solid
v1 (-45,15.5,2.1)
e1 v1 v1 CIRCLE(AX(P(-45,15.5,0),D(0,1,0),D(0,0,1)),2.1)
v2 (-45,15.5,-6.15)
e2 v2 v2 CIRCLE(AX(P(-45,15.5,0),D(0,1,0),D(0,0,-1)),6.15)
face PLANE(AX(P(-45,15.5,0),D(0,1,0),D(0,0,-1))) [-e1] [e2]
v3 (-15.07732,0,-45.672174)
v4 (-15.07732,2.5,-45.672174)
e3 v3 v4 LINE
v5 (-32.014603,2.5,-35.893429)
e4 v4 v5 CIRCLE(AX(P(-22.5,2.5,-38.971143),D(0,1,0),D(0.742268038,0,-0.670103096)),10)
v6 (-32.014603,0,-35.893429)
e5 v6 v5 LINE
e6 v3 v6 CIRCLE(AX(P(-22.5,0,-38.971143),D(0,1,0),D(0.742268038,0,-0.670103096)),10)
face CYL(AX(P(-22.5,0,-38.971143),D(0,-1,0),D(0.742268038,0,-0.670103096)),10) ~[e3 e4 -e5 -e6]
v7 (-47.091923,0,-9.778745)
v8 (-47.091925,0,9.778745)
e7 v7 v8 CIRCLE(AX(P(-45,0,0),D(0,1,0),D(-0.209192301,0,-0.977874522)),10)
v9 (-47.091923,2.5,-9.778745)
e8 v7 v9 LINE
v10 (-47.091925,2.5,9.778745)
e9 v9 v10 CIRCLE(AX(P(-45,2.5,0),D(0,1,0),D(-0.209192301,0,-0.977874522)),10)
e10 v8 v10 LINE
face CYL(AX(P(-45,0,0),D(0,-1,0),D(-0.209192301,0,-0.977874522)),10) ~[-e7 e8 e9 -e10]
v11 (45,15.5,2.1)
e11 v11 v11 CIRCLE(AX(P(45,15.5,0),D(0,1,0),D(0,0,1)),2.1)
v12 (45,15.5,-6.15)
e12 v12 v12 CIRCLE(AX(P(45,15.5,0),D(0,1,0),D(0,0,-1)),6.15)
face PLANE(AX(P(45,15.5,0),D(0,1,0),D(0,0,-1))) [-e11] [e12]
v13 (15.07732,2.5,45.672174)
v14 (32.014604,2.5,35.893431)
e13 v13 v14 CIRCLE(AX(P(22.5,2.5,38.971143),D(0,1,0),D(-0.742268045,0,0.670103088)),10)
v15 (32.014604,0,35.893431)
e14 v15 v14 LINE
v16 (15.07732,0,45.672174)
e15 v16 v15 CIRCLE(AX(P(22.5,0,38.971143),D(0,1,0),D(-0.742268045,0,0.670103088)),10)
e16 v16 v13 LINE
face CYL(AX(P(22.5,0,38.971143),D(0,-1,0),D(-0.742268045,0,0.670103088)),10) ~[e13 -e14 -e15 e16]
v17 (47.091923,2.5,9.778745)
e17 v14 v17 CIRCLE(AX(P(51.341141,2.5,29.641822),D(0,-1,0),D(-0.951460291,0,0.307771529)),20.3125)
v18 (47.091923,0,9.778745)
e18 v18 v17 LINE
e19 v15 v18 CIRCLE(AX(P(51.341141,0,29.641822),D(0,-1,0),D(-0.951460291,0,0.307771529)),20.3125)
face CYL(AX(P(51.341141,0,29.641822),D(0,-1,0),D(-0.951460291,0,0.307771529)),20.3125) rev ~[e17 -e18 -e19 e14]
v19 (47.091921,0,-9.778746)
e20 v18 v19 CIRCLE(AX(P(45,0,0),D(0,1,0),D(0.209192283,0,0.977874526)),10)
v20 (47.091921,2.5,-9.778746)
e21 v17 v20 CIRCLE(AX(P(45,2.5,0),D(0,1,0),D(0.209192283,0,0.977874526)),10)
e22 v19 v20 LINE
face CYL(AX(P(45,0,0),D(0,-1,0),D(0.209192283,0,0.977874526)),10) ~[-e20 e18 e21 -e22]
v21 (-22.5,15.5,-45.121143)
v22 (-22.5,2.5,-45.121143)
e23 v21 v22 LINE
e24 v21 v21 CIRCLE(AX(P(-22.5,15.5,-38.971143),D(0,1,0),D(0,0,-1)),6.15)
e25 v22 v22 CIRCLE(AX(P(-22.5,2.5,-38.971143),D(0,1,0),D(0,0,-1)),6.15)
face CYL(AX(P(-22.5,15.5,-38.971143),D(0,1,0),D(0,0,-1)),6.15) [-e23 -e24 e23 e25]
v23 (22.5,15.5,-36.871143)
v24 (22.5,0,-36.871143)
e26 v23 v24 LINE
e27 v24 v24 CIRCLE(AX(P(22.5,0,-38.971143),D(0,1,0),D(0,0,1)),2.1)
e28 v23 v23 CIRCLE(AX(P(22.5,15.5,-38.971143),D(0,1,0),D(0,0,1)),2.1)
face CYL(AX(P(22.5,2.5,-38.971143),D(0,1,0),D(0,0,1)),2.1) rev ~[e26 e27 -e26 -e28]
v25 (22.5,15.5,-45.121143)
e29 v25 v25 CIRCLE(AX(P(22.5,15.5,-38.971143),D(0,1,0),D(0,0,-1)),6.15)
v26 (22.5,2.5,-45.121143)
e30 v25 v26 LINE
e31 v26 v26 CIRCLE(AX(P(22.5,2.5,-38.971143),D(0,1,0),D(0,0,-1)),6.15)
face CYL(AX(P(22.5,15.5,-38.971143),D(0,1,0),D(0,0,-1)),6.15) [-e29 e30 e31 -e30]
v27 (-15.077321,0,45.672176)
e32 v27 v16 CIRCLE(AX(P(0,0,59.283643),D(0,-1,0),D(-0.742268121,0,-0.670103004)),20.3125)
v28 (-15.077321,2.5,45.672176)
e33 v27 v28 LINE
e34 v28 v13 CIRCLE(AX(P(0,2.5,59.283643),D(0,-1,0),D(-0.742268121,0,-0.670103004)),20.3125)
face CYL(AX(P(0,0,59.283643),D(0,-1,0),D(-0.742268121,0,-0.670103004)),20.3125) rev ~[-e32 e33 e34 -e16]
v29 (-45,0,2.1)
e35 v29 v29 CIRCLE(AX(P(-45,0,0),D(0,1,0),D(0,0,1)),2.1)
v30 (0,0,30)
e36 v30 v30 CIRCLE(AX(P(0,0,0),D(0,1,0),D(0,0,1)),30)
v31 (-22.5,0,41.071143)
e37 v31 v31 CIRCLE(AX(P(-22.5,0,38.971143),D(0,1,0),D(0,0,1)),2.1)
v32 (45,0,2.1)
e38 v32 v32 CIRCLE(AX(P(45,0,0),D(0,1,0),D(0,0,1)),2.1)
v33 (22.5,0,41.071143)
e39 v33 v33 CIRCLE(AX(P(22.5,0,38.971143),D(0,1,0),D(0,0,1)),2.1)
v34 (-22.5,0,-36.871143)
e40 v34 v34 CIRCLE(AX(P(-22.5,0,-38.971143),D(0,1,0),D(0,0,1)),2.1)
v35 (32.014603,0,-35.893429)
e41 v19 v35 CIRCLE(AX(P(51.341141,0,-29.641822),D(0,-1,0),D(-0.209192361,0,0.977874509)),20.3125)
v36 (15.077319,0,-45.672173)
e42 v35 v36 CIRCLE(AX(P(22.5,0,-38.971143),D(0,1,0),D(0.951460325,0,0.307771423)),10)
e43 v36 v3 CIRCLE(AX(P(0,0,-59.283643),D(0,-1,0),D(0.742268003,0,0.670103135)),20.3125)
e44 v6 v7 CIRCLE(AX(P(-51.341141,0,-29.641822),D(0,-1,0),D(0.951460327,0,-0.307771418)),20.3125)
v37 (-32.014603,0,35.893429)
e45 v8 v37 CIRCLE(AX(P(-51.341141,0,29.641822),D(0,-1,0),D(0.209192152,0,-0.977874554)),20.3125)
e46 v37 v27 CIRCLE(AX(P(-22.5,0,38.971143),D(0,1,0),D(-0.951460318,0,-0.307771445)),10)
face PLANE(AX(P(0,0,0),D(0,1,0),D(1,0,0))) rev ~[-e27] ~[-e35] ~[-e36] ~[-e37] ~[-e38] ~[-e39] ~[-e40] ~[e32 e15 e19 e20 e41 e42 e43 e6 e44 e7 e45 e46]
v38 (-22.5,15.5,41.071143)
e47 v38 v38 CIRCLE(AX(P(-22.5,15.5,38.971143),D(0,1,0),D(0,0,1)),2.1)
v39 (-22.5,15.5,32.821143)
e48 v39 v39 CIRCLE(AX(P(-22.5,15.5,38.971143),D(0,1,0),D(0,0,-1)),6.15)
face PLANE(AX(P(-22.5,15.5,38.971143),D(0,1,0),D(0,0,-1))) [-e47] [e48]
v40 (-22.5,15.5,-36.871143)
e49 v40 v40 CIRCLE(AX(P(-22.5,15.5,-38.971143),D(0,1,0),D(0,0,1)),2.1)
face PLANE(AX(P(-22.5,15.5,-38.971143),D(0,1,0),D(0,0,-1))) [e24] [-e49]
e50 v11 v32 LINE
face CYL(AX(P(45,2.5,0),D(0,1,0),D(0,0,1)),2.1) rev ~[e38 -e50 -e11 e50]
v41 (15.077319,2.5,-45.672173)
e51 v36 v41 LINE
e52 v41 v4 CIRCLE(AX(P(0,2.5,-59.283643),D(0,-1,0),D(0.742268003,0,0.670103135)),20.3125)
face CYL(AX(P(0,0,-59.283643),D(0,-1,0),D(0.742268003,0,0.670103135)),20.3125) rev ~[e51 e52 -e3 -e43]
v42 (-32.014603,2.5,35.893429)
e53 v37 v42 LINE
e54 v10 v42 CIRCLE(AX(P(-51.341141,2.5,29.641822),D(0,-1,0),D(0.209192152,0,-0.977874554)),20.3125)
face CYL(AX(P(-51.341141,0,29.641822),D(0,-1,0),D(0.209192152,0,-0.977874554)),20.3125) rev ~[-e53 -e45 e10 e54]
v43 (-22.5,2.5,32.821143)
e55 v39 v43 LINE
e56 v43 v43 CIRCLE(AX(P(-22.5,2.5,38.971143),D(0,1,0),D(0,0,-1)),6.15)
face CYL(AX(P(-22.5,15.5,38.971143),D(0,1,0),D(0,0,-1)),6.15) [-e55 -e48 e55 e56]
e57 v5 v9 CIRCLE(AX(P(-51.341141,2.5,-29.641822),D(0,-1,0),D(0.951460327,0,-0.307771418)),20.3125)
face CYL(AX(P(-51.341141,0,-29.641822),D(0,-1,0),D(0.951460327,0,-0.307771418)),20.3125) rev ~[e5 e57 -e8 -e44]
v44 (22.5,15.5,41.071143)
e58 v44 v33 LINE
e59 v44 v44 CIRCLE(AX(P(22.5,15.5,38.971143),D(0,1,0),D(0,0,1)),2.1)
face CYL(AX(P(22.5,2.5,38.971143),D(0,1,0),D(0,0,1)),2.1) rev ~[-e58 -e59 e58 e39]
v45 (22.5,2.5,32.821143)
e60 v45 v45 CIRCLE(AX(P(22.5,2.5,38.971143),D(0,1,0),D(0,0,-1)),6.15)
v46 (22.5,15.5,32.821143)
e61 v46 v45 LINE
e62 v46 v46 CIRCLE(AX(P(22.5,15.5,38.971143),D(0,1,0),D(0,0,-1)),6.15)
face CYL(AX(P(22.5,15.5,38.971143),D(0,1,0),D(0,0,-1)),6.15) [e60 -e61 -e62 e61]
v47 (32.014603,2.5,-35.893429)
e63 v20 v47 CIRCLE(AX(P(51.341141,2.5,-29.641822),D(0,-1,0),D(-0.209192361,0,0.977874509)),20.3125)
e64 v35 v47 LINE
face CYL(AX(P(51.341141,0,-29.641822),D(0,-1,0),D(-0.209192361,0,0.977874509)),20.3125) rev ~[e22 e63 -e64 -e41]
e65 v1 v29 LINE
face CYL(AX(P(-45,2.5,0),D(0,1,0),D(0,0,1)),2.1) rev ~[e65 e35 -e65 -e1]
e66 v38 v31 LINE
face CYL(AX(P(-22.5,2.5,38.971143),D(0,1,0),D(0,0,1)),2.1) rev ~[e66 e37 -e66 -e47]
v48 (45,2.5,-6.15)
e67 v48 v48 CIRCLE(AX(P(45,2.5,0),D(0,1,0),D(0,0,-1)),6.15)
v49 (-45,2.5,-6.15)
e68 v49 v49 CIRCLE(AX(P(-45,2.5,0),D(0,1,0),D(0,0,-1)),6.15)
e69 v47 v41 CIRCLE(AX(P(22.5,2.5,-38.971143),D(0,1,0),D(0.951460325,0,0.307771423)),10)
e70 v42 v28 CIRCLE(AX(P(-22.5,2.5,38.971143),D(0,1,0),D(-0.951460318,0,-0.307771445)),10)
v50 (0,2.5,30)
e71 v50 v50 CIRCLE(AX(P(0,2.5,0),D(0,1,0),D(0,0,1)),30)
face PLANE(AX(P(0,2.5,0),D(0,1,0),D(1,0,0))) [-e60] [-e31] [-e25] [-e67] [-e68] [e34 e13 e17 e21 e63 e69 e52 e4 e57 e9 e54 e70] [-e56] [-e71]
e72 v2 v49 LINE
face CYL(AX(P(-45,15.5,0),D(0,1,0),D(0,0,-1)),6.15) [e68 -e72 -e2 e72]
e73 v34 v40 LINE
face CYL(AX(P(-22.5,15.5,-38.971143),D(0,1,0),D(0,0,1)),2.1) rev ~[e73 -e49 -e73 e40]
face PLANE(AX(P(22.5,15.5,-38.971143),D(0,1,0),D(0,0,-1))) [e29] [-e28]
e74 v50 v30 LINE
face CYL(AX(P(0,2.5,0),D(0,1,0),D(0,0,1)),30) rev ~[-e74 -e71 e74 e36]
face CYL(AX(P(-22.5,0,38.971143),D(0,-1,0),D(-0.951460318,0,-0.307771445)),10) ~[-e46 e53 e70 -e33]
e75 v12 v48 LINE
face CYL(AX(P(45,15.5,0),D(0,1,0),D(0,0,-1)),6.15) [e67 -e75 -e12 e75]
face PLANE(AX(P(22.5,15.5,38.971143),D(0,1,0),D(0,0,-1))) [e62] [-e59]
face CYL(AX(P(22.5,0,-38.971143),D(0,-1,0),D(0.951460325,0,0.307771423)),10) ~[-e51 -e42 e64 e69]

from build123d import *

# Parameters (mm, degrees)
EXTRUDE_1_DEPTH     = 2.5
SKETCH_3_R          = 2.1
SKETCH_3_R_2        = 30
CUT_EXTRUDE_1_DEPTH = 2.5
EXTRUDE_START       = 13
SKETCH_4_R          = 6.15
SKETCH_4_R_2        = 2.1
EXTRUDE_2_DEPTH     = 13


with BuildPart() as part:
    # 草图2 → 凸台-拉伸1 (new body)
    with BuildSketch(Plane(origin=(0, 0, 0), x_dir=(1, 0, 0), z_dir=(0, 1, 0))):
        with BuildLine():
            ThreePointArc((32.014603848, -35.893430769), (33.749999498, -19.485572455), (47.091922833, -9.77874526))
            ThreePointArc((47.091922833, -9.77874526), (55, 8.44e-07), (47.091921183, 9.778745613))
            ThreePointArc((47.091921183, 9.778745613), (33.749999557, 19.485572352), (32.014603255, 35.893428936))
            ThreePointArc((32.014603255, 35.893428936), (27.499999447, 47.631397528), (15.077318804, 45.67217323))
            ThreePointArc((15.077318804, 45.67217323), (-6.08e-07, 38.97114317), (-15.077319619, 45.672174133))
            ThreePointArc((-15.077319619, 45.672174133), (-27.500000167, 47.631397112), (-32.014603117, 35.893428511))
            ThreePointArc((-32.014603117, 35.893428511), (-33.750000135, 19.485571351), (-47.091923006, 9.778745223))
            ThreePointArc((-47.091923006, 9.778745223), (-55, 1.241e-06), (-47.091925432, -9.778744704))
            ThreePointArc((-47.091925432, -9.778744704), (-33.7500007, -19.485570372), (-32.014603185, -35.89342872))
            ThreePointArc((-32.014603185, -35.89342872), (-27.500001103, -47.631396571), (-15.077321215, -45.672175901))
            ThreePointArc((-15.077321215, -45.672175901), (-1.245e-06, -38.97114317), (15.077319547, -45.672174053))
            ThreePointArc((15.077319547, -45.672174053), (27.499999092, -47.631397732), (32.014603848, -35.893430769))
        make_face()
    extrude(amount=EXTRUDE_1_DEPTH)

    # 草图3 → 切除-拉伸1 (cut)
    with BuildSketch(Plane(origin=(0, 2.5, 0), x_dir=(1, 0, 0), z_dir=(0, 1, 0))):
        with Locations(Location((-22.5, 38.97114317, 0), (0, 0, 270))):
            Circle(SKETCH_3_R)
        with Locations(Location((22.5, 38.97114317, 0), (0, 0, 270))):
            Circle(SKETCH_3_R)
        with Locations(Location((45, 0, 0), (0, 0, 270))):
            Circle(SKETCH_3_R)
        with Locations(Location((22.5, -38.97114317, 0), (0, 0, 270))):
            Circle(SKETCH_3_R)
        with Locations(Location((-22.5, -38.97114317, 0), (0, 0, 270))):
            Circle(SKETCH_3_R)
        with Locations(Location((-45, 0, 0), (0, 0, 270))):
            Circle(SKETCH_3_R)
        with Locations(Location((0, 0, 0), (0, 0, 270))):
            Circle(SKETCH_3_R_2)
    extrude(amount=-CUT_EXTRUDE_1_DEPTH, mode=Mode.SUBTRACT)

    # 草图4 → 凸台-拉伸2 (add)
    # profile 1 of 6: a face of its own
    with BuildSketch(Plane(origin=(0, 2.5, 0), x_dir=(1, 0, 0), z_dir=(0, 1, 0)).offset(EXTRUDE_START)):
        with Locations(Location((-22.5, 38.97114317, 0), (0, 0, 90))):
            Circle(SKETCH_4_R)
        with Locations(Location((-22.5, 38.97114317, 0), (0, 0, 270))):
            Circle(SKETCH_4_R_2, mode=Mode.SUBTRACT)
    # profile 2 of 6: a face of its own
    with BuildSketch(Plane(origin=(0, 2.5, 0), x_dir=(1, 0, 0), z_dir=(0, 1, 0)).offset(EXTRUDE_START)):
        with Locations(Location((22.5, 38.97114317, 0), (0, 0, 90))):
            Circle(SKETCH_4_R)
        with Locations(Location((22.5, 38.97114317, 0), (0, 0, 270))):
            Circle(SKETCH_4_R_2, mode=Mode.SUBTRACT)
    # profile 3 of 6: a face of its own
    with BuildSketch(Plane(origin=(0, 2.5, 0), x_dir=(1, 0, 0), z_dir=(0, 1, 0)).offset(EXTRUDE_START)):
        with Locations(Location((45, 0, 0), (0, 0, 90))):
            Circle(SKETCH_4_R)
        with Locations(Location((45, 0, 0), (0, 0, 270))):
            Circle(SKETCH_4_R_2, mode=Mode.SUBTRACT)
    # profile 4 of 6: a face of its own
    with BuildSketch(Plane(origin=(0, 2.5, 0), x_dir=(1, 0, 0), z_dir=(0, 1, 0)).offset(EXTRUDE_START)):
        with Locations(Location((22.5, -38.97114317, 0), (0, 0, 90))):
            Circle(SKETCH_4_R)
        with Locations(Location((22.5, -38.97114317, 0), (0, 0, 270))):
            Circle(SKETCH_4_R_2, mode=Mode.SUBTRACT)
    # profile 5 of 6: a face of its own
    with BuildSketch(Plane(origin=(0, 2.5, 0), x_dir=(1, 0, 0), z_dir=(0, 1, 0)).offset(EXTRUDE_START)):
        with Locations(Location((-22.5, -38.97114317, 0), (0, 0, 90))):
            Circle(SKETCH_4_R)
        with Locations(Location((-22.5, -38.97114317, 0), (0, 0, 270))):
            Circle(SKETCH_4_R_2, mode=Mode.SUBTRACT)
    # profile 6 of 6: a face of its own
    with BuildSketch(Plane(origin=(0, 2.5, 0), x_dir=(1, 0, 0), z_dir=(0, 1, 0)).offset(EXTRUDE_START)):
        with Locations(Location((-45, 0, 0), (0, 0, 90))):
            Circle(SKETCH_4_R)
        with Locations(Location((-45, 0, 0), (0, 0, 270))):
            Circle(SKETCH_4_R_2, mode=Mode.SUBTRACT)
    extrude(amount=-EXTRUDE_2_DEPTH)


solid = part.part
